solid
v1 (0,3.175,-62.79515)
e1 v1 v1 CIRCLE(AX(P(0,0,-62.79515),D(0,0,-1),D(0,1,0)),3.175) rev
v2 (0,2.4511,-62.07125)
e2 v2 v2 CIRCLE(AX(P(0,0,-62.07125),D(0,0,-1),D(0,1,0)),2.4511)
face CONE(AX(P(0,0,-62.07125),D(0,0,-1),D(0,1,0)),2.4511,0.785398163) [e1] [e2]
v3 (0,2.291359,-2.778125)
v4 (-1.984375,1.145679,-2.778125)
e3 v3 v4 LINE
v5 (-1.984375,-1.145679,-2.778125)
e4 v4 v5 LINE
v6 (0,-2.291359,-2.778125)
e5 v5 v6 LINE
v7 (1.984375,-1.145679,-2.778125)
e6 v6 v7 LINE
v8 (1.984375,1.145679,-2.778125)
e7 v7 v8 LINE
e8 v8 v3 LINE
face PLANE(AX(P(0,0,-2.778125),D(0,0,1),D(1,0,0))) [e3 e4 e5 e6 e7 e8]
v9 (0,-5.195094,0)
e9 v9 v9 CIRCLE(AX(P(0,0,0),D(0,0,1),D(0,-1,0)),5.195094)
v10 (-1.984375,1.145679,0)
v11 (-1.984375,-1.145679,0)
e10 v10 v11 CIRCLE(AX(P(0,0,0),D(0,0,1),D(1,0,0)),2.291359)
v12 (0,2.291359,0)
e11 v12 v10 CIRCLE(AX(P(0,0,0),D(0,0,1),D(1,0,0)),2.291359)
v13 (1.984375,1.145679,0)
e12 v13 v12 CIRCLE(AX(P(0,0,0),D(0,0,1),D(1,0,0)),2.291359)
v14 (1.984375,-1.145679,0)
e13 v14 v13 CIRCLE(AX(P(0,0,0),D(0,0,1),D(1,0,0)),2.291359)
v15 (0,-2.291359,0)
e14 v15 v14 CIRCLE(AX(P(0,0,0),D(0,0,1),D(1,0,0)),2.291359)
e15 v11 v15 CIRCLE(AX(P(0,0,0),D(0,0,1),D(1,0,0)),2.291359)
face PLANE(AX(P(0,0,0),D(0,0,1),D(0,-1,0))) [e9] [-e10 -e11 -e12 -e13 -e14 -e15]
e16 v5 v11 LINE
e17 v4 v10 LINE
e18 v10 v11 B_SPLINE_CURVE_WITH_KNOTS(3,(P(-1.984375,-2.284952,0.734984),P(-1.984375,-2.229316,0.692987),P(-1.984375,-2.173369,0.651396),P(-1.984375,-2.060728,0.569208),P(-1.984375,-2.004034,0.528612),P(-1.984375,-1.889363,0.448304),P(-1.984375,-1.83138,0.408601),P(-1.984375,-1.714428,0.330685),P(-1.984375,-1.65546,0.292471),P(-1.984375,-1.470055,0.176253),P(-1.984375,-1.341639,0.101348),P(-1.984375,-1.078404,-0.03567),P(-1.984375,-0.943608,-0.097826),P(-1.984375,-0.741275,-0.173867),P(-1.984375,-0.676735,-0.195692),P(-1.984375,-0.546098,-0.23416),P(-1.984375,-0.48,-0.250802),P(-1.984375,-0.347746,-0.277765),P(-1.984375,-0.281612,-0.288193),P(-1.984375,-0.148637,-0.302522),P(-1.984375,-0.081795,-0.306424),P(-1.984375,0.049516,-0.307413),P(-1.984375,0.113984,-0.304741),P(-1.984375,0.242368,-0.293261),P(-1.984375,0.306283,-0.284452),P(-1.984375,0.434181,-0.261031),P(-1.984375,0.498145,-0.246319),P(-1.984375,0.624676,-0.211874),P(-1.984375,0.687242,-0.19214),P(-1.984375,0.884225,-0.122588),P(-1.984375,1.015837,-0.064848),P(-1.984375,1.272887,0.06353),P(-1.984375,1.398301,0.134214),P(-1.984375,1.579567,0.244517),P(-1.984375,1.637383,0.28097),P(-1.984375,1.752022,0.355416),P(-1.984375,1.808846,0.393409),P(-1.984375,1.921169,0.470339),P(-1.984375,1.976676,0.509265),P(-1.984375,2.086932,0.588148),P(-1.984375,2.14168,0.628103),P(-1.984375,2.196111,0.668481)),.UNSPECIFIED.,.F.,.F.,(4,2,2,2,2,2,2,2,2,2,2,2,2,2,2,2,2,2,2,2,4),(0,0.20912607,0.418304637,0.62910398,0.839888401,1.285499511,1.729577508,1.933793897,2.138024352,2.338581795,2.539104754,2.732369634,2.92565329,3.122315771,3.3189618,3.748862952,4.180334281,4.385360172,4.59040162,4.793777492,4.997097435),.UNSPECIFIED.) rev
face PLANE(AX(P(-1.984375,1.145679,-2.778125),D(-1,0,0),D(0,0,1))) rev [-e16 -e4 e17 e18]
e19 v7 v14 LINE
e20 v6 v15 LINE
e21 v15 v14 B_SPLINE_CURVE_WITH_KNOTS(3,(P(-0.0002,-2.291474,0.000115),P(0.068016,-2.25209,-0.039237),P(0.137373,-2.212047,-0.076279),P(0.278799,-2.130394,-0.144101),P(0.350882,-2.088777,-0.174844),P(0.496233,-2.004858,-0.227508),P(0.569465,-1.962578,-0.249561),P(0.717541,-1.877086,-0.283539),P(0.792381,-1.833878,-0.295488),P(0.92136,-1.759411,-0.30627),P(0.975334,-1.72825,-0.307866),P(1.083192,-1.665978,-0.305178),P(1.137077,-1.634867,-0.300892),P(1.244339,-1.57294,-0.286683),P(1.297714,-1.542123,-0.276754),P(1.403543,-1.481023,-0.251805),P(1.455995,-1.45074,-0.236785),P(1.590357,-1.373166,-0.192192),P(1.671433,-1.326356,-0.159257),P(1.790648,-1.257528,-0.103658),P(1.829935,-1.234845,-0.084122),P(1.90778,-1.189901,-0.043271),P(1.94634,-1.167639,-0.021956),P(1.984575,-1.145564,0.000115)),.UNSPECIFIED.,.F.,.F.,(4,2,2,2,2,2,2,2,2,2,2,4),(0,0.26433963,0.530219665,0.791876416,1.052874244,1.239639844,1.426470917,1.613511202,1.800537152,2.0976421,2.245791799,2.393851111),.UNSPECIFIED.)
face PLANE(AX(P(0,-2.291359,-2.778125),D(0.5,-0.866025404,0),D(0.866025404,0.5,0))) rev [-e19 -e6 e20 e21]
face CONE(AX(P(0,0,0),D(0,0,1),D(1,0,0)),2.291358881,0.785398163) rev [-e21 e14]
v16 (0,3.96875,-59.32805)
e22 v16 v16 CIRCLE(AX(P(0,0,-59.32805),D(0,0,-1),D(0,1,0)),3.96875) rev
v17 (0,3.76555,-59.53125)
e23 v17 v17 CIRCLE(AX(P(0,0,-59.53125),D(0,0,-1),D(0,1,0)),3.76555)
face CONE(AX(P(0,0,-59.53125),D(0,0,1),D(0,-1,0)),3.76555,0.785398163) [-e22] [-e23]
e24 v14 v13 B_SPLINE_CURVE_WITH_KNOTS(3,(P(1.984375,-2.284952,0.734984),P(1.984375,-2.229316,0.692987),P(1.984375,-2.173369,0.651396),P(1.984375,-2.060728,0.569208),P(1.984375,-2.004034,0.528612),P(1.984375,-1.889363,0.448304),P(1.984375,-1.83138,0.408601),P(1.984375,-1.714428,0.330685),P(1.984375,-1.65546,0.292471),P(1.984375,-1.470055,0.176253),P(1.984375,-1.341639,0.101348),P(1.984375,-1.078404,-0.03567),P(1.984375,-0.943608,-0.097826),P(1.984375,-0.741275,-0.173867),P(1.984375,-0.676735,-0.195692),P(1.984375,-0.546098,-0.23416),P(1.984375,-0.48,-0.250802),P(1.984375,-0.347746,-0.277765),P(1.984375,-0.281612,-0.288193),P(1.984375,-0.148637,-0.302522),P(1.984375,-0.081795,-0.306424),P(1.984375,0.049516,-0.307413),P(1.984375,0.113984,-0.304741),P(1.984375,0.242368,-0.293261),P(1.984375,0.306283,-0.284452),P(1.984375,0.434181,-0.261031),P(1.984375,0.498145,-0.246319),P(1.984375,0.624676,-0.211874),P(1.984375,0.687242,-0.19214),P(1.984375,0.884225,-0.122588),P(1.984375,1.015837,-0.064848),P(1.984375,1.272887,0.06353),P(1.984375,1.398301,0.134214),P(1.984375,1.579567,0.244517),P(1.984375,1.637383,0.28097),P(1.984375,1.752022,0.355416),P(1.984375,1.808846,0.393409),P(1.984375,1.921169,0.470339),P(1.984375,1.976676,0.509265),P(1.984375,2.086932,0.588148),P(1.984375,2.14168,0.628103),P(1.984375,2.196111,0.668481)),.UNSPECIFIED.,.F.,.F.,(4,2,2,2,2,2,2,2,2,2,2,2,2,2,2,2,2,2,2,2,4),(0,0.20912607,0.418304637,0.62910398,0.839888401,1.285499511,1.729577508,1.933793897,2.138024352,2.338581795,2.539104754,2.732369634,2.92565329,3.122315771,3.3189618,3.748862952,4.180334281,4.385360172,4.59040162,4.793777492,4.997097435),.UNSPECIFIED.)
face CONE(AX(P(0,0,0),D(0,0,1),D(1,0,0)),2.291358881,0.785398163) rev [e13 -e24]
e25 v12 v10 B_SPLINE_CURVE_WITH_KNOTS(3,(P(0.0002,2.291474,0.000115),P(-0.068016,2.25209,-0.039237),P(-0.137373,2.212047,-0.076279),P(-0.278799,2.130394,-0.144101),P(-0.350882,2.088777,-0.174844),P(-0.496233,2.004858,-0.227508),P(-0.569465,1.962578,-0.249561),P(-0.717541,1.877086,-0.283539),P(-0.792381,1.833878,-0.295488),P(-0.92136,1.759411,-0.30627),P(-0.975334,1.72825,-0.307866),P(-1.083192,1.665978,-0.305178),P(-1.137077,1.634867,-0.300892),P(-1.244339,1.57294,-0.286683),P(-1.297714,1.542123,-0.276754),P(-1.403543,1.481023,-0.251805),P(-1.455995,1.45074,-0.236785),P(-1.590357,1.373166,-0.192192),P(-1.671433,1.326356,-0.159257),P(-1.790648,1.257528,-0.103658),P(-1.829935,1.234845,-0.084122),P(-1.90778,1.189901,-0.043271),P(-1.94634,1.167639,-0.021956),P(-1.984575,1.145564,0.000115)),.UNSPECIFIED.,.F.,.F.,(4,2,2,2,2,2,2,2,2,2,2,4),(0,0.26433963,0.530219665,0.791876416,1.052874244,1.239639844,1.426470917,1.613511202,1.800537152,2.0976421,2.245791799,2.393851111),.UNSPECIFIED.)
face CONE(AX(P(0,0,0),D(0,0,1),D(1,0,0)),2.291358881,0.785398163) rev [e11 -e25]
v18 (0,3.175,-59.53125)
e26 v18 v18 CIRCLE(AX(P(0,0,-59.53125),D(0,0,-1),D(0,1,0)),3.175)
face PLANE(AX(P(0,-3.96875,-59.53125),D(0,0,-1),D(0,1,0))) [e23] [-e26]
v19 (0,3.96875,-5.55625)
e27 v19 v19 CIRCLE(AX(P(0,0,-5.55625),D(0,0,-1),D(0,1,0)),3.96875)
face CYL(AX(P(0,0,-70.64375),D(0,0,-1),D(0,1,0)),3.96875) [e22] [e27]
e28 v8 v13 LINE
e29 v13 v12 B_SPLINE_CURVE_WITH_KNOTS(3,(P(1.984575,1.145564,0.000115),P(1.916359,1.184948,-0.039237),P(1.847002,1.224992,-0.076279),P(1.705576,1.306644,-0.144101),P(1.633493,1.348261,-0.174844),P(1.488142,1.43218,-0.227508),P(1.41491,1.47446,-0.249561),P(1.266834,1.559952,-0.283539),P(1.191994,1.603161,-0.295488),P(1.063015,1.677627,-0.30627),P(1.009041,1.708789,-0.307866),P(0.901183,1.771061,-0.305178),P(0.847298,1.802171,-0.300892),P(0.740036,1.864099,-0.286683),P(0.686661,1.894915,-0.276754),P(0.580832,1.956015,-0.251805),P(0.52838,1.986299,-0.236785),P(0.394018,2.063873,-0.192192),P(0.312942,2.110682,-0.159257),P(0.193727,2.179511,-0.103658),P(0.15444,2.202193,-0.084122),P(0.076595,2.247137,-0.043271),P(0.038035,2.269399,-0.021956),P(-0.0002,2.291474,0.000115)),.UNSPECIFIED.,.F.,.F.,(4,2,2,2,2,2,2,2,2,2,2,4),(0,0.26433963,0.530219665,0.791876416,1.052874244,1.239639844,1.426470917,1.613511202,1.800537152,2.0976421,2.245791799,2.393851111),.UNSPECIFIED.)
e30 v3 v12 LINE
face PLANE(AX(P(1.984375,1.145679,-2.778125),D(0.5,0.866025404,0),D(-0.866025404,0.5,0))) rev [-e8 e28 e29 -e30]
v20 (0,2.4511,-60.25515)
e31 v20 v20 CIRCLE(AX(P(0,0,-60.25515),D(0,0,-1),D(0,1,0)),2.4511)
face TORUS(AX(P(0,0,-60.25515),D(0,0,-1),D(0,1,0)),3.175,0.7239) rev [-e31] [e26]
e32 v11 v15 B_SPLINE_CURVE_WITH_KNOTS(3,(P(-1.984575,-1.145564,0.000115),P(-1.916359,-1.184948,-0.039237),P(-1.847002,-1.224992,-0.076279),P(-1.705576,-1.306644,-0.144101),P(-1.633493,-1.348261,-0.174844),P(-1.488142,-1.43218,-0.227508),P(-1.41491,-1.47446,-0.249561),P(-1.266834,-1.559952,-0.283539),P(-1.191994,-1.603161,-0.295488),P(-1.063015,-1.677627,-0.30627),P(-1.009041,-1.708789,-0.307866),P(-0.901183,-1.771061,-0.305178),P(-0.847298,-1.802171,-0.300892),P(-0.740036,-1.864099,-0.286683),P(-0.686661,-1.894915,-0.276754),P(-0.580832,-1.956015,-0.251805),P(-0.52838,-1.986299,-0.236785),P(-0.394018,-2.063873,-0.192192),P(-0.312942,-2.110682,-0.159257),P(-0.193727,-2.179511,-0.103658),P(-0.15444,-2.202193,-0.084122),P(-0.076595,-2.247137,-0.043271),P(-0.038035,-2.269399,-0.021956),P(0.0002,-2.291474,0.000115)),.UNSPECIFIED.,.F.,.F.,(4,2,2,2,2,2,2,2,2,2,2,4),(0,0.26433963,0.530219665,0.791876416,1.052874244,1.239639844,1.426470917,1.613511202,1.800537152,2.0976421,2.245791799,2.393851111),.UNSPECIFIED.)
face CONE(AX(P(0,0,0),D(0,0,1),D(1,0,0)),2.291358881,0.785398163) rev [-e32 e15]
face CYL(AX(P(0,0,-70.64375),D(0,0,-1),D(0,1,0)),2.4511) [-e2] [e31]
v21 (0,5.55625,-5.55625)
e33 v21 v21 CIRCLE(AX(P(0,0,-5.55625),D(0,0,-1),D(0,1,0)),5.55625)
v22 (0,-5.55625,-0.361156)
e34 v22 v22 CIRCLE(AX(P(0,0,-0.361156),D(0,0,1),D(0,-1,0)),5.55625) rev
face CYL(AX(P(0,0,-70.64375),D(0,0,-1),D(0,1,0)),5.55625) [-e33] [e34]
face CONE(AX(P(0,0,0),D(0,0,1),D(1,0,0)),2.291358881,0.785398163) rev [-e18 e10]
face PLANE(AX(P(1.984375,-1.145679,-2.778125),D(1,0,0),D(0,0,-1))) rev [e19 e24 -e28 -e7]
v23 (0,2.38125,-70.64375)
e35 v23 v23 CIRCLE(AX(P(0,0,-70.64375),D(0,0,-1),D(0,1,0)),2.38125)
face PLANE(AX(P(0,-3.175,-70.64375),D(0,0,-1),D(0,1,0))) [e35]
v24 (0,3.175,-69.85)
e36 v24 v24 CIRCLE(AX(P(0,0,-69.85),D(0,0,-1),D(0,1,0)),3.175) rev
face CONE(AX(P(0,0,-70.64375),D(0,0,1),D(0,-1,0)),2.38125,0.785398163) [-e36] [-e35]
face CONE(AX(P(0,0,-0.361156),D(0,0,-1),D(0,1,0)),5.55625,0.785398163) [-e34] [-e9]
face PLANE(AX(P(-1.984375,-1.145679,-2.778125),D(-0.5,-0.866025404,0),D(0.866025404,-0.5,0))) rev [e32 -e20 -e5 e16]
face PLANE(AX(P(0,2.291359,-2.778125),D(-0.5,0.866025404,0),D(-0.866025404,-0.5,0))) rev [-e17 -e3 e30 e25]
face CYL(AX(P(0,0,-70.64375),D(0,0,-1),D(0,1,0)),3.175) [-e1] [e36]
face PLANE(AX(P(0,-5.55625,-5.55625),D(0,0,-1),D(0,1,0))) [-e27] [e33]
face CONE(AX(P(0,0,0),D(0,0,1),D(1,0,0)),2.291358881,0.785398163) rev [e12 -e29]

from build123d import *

# Parameters (mm, degrees)
CHAMFER1_SIZE      = 0.79375
CHAMFER2_SIZE      = 0.36115625
CHAMFER3_SIZE      = 0.2032
CUT_EXTRUDE2_DEPTH = 2.778125


with BuildPart() as part:
    # Sketch1 → Revolve1 (revolve)
    with BuildSketch(Plane(origin=(0, 0, 0), x_dir=(0, 0, -1), z_dir=(1, 0, 0))):
        Polygon((0, 5.55625), (5.55625, 5.55625), (5.55625, 3.96875), (59.53125, 3.96875), (59.53125, 3.175), (70.64375, 3.175), (70.64375, 0), (0, 0), align=None)
    revolve(axis=Axis((0, 0, -70.64375), (0, 0, 1)))

    # Sketch5 → Cut-Revolve1 (revolve, cut)
    with BuildSketch(Plane(origin=(0, 0, 0), x_dir=(0, 0, -1), z_dir=(1, 0, 0))):
        with BuildLine():
            Line((59.53125, 3.96875), (63.5889, 3.96875))
            Line((63.5889, 3.96875), (62.07125, 2.4511))
            Line((62.07125, 2.4511), (60.25515, 2.4511))
            ThreePointArc((60.25515, 2.4511), (59.743275401, 2.663125401), (59.53125, 3.175))
            Line((59.53125, 3.175), (59.53125, 3.96875))
        make_face()
    revolve(axis=Axis((0, 0, -70.64375), (0, 0, 1)), mode=Mode.SUBTRACT)

    # Chamfer1
    chamfer1_edges = [part.edges().sort_by_distance(p)[0] for p in [
        (0, -3.175, -70.64375),
    ]]
    chamfer(chamfer1_edges, length=CHAMFER1_SIZE)

    # Chamfer2
    chamfer2_edges = [part.edges().sort_by_distance(p)[0] for p in [
        (0, -5.55625, 0),
    ]]
    chamfer(chamfer2_edges, length=CHAMFER2_SIZE)

    # Chamfer3
    chamfer3_edges = [part.edges().sort_by_distance(p)[0] for p in [
        (0, -3.96875, -59.53125),
    ]]
    chamfer(chamfer3_edges, length=CHAMFER3_SIZE)

    # Sketch8 → Cut-Extrude2 (cut)
    with BuildSketch(Plane.XY):
        Polygon((1.984375, 1.14567944), (0, 2.291358881), (-1.984375, 1.14567944), (-1.984375, -1.14567944), (0, -2.291358881), (1.984375, -1.14567944), align=None)
    extrude(amount=-CUT_EXTRUDE2_DEPTH, mode=Mode.SUBTRACT)

    # Cut-Extrude4 cone 1 section (through the dimple's axis) → Cut-Extrude4 (revolve, cut)
    with BuildSketch(Plane(origin=(0, 0, 0), x_dir=(0, -1, 0), z_dir=(1, 0, 0))):
        Polygon((0, 0), (2.291358881, 0), (0, 2.291358881), align=None)
    revolve(axis=Axis((0, 0, 0), (0, 0, -1)), mode=Mode.SUBTRACT)


solid = part.part
